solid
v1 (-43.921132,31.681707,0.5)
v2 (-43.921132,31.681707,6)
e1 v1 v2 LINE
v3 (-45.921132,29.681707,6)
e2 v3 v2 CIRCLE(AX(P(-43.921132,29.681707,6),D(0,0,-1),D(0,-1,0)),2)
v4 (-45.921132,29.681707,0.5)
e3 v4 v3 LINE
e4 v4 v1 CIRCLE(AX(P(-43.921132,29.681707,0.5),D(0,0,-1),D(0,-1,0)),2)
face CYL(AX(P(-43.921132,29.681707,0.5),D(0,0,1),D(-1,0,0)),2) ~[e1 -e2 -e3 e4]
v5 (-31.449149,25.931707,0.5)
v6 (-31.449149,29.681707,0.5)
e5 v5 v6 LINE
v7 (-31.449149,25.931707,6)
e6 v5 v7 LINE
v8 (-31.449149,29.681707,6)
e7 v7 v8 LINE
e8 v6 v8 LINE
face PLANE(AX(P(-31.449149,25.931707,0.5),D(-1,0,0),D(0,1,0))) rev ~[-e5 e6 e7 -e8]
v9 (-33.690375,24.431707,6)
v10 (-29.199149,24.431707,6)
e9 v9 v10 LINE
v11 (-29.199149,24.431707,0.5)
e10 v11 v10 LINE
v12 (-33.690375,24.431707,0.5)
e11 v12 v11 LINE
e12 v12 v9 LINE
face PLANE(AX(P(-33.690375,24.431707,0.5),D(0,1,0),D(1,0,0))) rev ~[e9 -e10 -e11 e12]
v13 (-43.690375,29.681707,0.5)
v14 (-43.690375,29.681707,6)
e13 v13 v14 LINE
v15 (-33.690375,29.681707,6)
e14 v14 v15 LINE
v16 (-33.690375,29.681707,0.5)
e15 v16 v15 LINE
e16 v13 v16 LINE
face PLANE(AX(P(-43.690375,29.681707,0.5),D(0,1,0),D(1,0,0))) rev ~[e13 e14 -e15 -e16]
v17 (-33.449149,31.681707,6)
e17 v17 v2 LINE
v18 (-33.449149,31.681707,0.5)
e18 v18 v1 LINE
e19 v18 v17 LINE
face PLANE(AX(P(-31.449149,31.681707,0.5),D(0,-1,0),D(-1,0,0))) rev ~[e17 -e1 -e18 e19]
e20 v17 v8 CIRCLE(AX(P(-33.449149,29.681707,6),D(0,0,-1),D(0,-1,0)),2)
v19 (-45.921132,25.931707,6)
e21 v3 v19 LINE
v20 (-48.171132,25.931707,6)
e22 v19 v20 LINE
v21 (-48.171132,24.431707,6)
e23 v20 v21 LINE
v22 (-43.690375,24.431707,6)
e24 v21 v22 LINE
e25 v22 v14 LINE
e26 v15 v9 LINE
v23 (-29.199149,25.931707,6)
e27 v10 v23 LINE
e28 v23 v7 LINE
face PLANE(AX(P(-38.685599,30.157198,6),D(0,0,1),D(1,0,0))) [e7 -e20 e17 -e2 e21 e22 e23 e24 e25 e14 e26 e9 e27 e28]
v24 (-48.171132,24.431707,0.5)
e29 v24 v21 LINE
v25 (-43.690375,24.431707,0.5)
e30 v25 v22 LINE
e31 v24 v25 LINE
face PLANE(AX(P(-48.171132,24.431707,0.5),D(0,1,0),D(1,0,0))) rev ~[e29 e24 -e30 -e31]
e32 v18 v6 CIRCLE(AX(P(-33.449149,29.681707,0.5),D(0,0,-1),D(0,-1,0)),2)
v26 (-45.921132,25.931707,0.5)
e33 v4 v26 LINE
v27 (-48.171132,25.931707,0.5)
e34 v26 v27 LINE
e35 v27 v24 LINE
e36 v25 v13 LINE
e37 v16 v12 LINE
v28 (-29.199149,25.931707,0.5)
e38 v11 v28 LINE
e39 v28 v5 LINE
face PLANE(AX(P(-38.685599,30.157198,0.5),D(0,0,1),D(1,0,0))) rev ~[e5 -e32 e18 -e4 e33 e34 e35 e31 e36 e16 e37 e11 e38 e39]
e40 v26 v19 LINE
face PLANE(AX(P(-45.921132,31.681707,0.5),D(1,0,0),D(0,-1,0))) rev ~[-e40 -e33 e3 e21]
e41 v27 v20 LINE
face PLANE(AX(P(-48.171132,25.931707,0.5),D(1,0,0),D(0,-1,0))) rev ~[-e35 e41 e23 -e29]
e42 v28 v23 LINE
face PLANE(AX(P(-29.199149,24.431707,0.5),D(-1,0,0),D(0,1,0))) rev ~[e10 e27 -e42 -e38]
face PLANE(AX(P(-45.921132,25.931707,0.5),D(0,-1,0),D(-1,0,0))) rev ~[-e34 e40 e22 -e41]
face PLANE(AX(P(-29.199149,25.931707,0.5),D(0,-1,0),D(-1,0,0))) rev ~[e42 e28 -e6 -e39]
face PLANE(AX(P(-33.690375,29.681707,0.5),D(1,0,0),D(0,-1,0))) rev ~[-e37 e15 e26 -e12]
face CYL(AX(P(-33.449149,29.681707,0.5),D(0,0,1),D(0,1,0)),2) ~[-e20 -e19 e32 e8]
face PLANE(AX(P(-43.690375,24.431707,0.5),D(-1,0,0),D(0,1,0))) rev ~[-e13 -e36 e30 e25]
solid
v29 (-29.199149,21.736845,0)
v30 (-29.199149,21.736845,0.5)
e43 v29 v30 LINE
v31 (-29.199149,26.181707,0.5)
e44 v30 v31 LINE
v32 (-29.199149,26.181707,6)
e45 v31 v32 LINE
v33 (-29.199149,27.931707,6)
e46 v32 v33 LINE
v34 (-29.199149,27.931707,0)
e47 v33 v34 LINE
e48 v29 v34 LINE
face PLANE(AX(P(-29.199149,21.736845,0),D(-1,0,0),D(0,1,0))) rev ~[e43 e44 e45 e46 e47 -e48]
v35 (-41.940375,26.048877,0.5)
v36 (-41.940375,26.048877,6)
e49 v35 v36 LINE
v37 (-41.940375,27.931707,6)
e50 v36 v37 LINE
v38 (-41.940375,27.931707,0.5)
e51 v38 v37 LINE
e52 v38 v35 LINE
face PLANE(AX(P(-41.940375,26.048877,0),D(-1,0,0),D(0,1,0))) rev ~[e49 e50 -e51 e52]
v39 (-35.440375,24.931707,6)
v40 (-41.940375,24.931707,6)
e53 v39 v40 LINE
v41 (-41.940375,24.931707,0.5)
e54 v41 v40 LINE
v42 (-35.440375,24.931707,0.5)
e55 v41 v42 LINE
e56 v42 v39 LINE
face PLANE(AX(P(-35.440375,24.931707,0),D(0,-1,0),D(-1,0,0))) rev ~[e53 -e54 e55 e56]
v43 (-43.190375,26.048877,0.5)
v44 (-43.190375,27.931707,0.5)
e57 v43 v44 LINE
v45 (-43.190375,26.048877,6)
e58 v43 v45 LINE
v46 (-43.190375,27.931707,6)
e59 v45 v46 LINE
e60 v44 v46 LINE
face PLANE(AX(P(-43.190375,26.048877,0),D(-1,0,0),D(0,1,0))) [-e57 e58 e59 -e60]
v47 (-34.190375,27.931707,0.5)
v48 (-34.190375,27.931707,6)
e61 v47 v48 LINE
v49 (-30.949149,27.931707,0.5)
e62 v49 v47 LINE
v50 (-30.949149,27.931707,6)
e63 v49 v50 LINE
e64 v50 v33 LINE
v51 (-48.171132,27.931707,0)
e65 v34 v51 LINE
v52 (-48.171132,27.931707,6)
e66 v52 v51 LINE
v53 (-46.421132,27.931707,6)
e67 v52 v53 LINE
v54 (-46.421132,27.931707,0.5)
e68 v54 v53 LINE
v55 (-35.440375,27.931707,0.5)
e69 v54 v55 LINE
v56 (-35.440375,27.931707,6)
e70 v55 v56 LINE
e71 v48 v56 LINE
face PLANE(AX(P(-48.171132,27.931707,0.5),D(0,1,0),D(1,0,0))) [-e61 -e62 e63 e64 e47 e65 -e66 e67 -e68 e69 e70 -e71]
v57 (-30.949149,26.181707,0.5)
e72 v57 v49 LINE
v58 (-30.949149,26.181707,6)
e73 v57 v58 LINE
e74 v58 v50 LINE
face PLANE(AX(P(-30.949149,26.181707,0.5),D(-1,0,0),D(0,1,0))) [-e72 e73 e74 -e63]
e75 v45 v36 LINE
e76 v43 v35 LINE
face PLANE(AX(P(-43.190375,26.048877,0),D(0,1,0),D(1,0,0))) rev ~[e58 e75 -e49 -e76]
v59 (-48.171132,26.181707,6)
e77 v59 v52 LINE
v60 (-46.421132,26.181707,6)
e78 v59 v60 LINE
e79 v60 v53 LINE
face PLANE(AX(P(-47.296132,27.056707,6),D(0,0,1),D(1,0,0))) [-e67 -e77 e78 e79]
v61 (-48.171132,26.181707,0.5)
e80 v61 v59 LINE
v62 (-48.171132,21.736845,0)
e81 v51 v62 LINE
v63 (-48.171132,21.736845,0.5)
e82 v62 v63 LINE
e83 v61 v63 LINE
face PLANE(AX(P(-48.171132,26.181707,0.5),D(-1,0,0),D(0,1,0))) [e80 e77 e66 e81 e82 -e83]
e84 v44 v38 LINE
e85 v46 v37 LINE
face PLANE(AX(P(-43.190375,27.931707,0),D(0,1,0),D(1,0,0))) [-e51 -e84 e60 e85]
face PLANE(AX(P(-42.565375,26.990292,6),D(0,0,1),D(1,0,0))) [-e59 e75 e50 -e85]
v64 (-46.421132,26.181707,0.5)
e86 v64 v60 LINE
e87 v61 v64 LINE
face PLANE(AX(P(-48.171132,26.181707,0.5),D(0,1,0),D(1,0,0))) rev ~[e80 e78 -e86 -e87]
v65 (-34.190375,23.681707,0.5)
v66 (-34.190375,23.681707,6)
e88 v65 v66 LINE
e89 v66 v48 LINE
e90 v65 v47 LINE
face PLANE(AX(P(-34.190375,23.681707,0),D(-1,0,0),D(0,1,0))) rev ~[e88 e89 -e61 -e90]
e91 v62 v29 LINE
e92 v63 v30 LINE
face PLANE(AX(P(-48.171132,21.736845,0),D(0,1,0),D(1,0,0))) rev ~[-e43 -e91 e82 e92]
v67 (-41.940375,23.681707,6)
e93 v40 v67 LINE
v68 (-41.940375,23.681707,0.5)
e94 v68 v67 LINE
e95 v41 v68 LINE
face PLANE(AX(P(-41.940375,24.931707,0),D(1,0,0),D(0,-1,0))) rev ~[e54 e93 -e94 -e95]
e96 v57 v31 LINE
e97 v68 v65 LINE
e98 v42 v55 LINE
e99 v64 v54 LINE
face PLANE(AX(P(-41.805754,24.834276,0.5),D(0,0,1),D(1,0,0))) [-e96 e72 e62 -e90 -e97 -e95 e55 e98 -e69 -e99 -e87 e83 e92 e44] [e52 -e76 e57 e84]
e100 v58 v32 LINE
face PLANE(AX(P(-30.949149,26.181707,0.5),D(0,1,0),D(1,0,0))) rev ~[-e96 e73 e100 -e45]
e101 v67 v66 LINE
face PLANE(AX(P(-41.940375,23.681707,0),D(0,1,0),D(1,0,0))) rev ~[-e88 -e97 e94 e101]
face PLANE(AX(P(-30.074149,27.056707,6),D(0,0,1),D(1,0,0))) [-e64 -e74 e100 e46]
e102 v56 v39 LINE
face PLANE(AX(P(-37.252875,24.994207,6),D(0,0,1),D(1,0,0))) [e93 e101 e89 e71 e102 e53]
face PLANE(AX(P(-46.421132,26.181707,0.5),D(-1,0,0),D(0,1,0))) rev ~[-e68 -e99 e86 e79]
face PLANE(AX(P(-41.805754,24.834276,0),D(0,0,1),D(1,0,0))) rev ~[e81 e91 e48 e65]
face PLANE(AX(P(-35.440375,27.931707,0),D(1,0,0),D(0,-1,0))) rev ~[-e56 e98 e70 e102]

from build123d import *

# Parameters (mm, degrees)
F1_DEPTH = 0.5
F0_W     = 1.25
F0_H     = 1.882829
F2_DEPTH = 6
F3_W     = 6.241226
F3_H     = 6.194862
F4_DEPTH = 0.5
F5_W     = 1.75
F5_H     = 1.75
F6_DEPTH = 5.5
F8_DEPTH = 5.5
F9_R     = 2
F10_R    = 2


with BuildPart() as f1:
    # F0 (on Top) → F1 (new body)
    with BuildSketch(Plane.XY):
        Polygon((-35.440375, 27.931707), (-41.940375, 27.931707), (-41.940375, 26.048878), (-41.940375, 24.931707), (-35.440375, 24.931707), align=None)
    extrude(amount=F1_DEPTH)

    # F0 (on Top) → F2 (join)
    with BuildSketch(Plane.XY):
        Polygon((-34.190375, 27.931707), (-35.440375, 27.931707), (-35.440375, 24.931707), (-41.940375, 24.931707), (-41.940375, 23.681707), (-34.190375, 23.681707), align=None)
        with Locations((-42.565375, 26.990292)):
            Rectangle(F0_W, F0_H)
    extrude(amount=F2_DEPTH)

    # F3 (on Top) → F4 (join, through all)
    with BuildSketch(Plane.XY):
        Polygon((-35.440375, 27.931707), (-41.940375, 27.931707), (-48.171132, 27.931707), (-48.171132, 21.736845), (-35.440375, 21.736845), align=None)
        with Locations((-32.319762, 24.834276)):
            Rectangle(F3_W, F3_H)
    extrude(amount=F4_DEPTH)

    # F5 (on face) → F6 (join, through all)
    with BuildSketch(Plane.XY.offset(0.5)):
        with Locations((-47.296132, 27.056707)):
            Rectangle(F5_W, F5_H)
        with Locations((-30.074149, 27.056707)):
            Rectangle(F5_W, F5_H)
    extrude(amount=F6_DEPTH)


with BuildPart() as f8:
    # F7 (on face) → F8 (new body, through all)
    with BuildSketch(Plane.XY.offset(0.5)):
        Polygon((-45.921132, 31.681707), (-45.921132, 27.931707), (-43.690375, 27.931707), (-43.690375, 29.681707), (-33.690375, 29.681707), (-33.690375, 27.931707), (-31.449149, 27.931707), (-31.449149, 31.681707), align=None)
        Polygon((-45.921132, 25.931707), (-48.171132, 25.931707), (-48.171132, 24.431707), (-43.690375, 24.431707), (-43.690375, 27.931707), (-45.921132, 27.931707), align=None)
        Polygon((-33.690375, 24.431707), (-29.199149, 24.431707), (-29.199149, 25.931707), (-31.449149, 25.931707), (-31.449149, 27.931707), (-33.690375, 27.931707), align=None)
    extrude(amount=F8_DEPTH)

    # F9
    f9_edges = [f8.edges().sort_by_distance(p)[0] for p in [
        (-45.921132, 31.681707, 3.25),
    ]]
    fillet(f9_edges, radius=F9_R)

    # F10
    f10_edges = [f8.edges().sort_by_distance(p)[0] for p in [
        (-31.449149, 31.681707, 3.25),
    ]]
    fillet(f10_edges, radius=F10_R)


solid = Compound([f1.part, f8.part])
